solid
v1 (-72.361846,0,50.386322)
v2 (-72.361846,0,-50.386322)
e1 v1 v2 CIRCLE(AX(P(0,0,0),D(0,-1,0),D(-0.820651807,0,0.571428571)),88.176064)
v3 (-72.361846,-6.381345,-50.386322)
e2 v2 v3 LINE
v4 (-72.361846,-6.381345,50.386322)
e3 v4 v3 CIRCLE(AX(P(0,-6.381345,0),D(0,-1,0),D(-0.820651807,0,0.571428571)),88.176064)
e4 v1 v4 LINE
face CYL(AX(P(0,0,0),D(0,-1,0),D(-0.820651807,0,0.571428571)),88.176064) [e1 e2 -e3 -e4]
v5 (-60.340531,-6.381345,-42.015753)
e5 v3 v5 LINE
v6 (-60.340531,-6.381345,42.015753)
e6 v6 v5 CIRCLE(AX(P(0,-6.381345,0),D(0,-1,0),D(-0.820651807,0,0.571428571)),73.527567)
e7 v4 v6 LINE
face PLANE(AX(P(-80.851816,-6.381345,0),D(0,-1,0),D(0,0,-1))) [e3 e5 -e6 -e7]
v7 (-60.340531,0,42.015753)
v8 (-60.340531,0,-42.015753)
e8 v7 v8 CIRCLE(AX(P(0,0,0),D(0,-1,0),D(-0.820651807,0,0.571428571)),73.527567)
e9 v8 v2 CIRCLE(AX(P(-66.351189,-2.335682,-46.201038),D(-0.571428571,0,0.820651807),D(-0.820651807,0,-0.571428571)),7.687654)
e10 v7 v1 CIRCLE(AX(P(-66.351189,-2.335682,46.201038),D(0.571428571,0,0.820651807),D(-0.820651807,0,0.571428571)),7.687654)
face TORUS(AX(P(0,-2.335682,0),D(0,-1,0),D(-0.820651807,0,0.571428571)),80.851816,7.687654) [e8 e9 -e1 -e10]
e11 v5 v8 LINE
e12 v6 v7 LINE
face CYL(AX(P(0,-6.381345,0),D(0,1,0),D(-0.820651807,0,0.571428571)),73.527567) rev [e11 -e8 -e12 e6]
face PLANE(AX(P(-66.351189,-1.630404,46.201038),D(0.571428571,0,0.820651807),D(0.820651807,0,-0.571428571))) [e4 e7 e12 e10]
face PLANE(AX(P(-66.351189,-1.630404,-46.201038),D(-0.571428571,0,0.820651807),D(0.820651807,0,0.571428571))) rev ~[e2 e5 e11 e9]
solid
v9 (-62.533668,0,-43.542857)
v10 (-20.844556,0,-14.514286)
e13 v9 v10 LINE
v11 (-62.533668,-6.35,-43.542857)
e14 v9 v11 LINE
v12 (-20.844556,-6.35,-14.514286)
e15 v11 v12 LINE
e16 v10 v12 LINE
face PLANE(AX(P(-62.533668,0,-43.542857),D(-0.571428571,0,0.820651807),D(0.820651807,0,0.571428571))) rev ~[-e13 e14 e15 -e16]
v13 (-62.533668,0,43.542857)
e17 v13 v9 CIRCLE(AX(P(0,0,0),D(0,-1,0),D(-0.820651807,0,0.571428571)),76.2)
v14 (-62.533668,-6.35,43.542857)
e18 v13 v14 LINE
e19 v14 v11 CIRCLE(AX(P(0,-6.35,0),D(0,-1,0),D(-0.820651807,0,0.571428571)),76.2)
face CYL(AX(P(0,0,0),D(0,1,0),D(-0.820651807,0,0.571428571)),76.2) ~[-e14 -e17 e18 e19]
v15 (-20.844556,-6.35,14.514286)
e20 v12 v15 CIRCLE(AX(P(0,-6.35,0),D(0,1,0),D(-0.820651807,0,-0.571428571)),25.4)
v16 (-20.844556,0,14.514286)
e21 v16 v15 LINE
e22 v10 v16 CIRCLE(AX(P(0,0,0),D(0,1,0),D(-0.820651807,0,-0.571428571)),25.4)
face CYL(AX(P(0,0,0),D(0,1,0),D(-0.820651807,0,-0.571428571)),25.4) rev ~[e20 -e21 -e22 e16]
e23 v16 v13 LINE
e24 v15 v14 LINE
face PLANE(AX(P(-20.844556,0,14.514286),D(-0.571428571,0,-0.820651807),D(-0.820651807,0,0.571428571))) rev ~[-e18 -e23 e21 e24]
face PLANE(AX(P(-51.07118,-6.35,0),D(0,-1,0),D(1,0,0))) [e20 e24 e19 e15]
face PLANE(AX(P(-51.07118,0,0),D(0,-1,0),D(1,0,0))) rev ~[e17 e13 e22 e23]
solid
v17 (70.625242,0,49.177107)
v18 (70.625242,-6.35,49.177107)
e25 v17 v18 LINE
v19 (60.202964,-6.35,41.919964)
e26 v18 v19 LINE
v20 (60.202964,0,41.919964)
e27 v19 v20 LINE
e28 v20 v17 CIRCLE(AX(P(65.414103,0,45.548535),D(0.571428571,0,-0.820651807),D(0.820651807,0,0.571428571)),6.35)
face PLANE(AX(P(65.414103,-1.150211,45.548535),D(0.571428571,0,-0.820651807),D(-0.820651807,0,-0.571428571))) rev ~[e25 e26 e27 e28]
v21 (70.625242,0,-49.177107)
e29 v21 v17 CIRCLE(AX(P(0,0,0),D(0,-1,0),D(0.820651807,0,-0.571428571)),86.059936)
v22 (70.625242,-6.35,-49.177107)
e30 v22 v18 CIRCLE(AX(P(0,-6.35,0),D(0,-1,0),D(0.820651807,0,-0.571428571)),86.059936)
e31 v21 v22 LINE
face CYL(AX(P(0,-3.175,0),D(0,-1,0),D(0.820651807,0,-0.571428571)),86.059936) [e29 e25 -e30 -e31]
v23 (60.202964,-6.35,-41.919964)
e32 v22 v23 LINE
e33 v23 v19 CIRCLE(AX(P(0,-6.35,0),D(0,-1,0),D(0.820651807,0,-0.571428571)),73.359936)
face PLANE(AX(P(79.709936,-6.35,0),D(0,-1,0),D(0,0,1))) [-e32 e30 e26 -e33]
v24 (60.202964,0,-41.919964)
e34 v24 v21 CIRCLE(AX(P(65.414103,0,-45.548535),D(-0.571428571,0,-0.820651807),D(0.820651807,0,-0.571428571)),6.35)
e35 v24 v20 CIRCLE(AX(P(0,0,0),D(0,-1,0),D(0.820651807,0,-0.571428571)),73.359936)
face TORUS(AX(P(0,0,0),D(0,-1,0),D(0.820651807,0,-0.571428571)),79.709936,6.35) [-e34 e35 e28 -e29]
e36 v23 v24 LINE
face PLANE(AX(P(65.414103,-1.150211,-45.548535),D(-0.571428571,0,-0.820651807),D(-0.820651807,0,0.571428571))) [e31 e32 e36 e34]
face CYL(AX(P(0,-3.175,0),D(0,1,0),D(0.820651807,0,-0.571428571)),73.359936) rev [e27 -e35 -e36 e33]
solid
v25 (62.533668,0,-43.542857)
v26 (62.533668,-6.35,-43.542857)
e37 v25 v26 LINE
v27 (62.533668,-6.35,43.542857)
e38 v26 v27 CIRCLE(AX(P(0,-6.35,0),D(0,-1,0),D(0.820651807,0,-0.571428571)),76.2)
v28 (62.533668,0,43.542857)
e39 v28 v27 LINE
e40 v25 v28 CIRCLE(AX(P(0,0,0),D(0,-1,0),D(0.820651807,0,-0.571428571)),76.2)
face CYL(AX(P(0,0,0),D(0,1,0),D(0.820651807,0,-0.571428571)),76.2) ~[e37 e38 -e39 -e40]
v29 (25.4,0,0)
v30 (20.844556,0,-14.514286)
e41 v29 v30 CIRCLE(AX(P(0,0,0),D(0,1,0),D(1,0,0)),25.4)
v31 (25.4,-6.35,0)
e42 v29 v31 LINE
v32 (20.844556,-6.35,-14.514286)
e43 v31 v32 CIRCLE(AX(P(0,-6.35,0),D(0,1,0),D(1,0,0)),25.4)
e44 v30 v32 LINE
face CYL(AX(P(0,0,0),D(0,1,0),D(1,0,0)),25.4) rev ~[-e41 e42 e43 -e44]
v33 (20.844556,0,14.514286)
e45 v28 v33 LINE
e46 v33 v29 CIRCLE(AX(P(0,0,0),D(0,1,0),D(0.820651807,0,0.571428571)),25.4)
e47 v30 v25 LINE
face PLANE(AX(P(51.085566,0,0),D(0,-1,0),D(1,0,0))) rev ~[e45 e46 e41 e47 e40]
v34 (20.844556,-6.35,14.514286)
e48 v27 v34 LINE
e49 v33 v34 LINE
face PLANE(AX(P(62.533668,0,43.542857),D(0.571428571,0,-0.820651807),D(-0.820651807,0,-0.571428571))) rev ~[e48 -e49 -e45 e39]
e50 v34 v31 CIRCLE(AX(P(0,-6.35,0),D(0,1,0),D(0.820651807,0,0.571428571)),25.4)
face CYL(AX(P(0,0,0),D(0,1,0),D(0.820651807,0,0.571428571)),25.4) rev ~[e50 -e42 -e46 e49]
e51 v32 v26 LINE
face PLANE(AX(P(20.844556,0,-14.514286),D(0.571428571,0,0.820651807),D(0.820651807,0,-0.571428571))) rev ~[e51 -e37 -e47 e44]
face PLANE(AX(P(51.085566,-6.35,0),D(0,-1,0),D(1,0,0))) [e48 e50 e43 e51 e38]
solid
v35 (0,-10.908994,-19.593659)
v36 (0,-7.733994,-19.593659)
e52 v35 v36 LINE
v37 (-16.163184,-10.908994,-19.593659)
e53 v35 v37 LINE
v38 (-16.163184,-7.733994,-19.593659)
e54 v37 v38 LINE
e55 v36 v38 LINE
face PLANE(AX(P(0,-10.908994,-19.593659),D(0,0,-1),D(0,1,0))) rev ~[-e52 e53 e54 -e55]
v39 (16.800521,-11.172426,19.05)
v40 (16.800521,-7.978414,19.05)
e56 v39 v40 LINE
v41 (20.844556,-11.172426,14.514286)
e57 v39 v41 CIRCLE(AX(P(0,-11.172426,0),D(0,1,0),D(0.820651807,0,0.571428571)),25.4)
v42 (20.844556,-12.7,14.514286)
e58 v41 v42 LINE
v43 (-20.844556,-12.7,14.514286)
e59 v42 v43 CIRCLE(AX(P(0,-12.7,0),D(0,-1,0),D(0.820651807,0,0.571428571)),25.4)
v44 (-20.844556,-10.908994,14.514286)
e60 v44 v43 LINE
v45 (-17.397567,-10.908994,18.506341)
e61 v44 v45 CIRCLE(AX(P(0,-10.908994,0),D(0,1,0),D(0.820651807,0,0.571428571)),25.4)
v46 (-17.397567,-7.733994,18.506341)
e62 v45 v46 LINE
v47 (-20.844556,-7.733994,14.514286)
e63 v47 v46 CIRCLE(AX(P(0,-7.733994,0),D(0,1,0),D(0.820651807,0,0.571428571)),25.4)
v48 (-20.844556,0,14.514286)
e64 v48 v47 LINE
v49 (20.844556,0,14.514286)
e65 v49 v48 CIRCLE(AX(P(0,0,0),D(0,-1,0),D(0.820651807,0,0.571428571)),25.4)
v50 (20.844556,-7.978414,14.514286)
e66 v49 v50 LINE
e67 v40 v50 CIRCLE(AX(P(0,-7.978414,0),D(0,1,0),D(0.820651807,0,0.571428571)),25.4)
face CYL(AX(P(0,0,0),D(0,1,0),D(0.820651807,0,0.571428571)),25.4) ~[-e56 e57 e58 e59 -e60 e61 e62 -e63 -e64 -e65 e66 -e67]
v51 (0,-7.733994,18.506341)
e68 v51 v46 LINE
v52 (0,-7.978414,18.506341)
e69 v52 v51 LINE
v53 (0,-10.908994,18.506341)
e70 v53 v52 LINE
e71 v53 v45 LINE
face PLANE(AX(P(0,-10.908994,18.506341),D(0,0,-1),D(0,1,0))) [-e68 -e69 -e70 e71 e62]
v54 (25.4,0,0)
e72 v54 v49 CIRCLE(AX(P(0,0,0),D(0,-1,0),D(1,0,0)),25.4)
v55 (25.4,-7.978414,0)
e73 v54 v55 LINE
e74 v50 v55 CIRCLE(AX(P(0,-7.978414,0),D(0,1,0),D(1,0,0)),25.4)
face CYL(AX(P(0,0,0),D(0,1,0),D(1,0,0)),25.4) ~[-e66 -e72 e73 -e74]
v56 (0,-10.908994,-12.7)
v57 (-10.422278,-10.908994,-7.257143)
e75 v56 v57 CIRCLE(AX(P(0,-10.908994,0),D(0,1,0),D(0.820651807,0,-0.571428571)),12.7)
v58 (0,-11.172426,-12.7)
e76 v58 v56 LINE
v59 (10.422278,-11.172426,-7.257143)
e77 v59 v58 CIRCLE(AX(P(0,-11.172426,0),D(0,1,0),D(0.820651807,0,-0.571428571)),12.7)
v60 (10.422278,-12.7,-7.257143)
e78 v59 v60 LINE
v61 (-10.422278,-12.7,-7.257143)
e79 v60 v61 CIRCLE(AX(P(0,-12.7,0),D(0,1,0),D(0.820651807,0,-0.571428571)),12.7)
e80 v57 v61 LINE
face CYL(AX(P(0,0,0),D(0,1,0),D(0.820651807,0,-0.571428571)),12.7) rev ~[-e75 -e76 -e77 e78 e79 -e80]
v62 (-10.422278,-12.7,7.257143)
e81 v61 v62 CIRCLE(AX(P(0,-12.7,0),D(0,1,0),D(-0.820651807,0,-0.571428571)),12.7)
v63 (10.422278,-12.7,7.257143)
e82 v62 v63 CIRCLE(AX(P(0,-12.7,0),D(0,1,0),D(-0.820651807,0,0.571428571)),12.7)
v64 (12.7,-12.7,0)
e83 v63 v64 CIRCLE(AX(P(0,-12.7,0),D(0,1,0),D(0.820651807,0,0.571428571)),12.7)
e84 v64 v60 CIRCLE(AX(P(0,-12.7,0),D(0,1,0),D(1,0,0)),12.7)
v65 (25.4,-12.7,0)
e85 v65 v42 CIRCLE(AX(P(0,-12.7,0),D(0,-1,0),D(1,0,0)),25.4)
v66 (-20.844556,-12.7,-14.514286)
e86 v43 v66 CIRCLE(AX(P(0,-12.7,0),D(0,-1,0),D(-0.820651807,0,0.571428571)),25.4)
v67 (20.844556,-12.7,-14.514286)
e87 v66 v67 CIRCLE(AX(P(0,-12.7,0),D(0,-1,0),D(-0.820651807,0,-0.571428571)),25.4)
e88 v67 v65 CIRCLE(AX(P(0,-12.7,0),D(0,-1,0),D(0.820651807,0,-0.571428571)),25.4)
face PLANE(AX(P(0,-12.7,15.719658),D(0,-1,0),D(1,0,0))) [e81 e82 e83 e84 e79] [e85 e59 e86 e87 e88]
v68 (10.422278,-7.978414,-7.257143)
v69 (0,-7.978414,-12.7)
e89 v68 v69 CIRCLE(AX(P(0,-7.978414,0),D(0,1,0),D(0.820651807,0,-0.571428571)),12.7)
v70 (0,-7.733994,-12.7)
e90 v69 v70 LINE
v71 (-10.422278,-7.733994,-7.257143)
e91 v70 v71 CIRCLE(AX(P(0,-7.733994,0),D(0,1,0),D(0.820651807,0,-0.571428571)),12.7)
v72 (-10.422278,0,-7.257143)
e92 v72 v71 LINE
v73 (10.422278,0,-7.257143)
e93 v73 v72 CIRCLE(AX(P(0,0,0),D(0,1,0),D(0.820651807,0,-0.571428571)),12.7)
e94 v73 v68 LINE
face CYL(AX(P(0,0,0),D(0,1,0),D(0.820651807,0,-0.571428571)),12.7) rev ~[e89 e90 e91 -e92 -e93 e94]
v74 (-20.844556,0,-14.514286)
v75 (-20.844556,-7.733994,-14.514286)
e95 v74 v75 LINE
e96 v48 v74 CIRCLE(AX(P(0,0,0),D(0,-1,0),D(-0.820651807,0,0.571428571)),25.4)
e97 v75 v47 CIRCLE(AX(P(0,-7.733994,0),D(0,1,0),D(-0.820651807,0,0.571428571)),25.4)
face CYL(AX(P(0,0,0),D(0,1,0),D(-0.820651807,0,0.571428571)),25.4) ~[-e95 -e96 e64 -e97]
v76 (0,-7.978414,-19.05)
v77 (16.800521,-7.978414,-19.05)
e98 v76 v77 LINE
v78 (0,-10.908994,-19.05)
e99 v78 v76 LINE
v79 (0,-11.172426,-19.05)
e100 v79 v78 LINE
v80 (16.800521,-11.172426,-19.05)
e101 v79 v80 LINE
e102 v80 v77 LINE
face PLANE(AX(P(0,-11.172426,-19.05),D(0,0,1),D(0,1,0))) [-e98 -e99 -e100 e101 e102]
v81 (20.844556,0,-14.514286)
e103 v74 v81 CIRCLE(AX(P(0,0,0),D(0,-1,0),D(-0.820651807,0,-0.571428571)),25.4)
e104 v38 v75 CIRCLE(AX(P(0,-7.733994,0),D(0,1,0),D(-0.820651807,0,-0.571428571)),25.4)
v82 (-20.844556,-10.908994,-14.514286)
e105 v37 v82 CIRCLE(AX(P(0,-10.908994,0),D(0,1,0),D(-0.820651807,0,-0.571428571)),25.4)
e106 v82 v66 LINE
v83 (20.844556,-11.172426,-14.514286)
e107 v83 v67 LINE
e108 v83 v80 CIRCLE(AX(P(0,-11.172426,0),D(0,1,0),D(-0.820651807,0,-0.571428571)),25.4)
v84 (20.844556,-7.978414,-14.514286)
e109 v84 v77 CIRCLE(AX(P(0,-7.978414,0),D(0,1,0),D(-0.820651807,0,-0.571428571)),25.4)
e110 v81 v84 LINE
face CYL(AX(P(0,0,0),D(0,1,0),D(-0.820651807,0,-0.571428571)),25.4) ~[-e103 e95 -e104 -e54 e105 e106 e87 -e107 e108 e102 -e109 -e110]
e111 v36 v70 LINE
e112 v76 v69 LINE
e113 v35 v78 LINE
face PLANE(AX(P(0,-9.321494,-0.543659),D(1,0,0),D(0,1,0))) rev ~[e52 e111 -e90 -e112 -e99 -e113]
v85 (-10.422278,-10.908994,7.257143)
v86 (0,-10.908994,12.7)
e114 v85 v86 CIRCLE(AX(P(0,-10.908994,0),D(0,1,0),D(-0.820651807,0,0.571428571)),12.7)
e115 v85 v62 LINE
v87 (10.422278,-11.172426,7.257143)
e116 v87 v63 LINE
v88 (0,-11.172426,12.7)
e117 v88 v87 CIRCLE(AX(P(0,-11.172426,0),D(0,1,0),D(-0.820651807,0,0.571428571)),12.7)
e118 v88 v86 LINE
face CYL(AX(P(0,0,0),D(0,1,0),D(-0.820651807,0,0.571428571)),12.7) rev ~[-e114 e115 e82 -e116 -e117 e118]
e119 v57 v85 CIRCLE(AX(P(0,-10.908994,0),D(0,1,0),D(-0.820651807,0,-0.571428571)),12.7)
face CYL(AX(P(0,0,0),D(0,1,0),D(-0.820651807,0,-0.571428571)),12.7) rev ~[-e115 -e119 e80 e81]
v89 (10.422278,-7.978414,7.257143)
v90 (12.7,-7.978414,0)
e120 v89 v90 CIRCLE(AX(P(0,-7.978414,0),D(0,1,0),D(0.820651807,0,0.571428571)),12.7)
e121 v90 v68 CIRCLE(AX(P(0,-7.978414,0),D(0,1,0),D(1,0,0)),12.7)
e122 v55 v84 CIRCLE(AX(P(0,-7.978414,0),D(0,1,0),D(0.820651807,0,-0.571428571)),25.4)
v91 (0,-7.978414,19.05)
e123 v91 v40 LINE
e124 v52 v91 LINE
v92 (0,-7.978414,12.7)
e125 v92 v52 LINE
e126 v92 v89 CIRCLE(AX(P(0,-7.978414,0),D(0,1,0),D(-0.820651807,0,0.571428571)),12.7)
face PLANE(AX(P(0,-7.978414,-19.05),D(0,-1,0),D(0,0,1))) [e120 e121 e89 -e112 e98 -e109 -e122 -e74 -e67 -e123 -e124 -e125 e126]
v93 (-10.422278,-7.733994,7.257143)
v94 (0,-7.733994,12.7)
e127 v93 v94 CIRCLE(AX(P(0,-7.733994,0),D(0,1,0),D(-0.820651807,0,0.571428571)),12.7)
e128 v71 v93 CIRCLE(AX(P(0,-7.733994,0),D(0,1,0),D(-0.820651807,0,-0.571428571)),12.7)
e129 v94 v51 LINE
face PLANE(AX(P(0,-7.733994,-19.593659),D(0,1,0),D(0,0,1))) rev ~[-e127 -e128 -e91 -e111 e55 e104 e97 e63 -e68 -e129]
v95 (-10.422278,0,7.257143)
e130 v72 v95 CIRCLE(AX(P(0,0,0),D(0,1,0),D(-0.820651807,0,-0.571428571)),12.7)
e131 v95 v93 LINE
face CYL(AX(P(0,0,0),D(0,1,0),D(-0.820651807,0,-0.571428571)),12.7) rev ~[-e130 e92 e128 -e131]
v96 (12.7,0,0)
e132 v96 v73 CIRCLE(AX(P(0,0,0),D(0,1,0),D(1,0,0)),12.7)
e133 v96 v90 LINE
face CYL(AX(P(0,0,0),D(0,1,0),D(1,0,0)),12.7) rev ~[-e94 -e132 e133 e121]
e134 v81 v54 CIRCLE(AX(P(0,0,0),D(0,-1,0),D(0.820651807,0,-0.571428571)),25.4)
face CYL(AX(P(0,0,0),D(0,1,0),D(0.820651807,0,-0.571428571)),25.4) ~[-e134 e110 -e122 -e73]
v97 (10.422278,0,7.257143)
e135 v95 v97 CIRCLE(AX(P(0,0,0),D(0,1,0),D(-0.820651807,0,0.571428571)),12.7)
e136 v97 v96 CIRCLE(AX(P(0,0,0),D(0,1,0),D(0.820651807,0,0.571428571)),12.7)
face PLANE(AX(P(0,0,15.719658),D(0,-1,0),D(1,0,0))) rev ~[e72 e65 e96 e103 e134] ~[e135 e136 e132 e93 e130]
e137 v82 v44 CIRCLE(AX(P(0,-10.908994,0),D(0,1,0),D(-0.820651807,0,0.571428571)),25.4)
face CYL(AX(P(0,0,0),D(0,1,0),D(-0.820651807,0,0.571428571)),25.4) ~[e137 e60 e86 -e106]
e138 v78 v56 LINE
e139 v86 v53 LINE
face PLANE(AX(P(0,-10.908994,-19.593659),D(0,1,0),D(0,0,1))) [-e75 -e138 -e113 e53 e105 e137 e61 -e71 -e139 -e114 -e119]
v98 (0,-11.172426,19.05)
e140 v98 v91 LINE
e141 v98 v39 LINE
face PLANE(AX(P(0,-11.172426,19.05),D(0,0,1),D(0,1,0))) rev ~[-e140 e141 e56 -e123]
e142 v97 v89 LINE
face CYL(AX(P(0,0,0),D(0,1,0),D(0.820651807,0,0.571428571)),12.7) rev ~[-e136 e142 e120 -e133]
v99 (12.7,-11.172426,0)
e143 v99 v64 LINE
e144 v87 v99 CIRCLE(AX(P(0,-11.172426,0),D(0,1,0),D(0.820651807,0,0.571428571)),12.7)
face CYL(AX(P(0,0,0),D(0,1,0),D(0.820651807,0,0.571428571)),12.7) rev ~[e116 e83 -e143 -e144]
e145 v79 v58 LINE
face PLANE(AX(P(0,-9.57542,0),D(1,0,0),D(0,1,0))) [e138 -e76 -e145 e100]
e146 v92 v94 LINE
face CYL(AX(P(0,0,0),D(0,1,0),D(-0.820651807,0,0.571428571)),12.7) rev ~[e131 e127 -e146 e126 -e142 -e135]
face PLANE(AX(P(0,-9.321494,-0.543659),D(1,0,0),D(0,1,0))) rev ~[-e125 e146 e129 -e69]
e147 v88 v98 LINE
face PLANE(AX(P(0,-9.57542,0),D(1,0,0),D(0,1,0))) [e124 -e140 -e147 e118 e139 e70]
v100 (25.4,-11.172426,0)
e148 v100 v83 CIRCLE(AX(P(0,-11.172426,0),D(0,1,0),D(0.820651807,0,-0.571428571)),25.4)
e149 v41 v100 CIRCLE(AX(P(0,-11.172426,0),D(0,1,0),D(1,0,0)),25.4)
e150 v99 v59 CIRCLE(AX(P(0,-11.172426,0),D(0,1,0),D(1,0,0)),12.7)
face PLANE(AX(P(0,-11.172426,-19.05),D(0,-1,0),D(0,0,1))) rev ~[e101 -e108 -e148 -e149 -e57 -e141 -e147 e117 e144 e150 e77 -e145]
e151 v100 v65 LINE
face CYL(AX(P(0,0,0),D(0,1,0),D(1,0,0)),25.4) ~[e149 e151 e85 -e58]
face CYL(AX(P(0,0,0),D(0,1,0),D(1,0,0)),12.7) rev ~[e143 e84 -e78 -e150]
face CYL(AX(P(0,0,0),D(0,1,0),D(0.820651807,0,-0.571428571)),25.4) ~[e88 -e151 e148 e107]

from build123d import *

# Parameters (mm, degrees)
F1_DEPTH  = 6.35
F2_DEPTH  = 12.7
F7_W      = 12.7
F7_H      = 6.35
F9_W      = 3.1940120037
F9_H      = 38.1
F10_DEPTH = 38.1
F11_W     = 3.175
F11_H     = 38.1
F12_DEPTH = 38.1


with BuildPart() as f1:
    # F0 (on Front) → F1 (new body)
    with BuildSketch(Plane.XZ):
        with BuildLine():
            ThreePointArc((-20.8445558889, -14.5142857143), (-25.4, 0), (-20.8445558889, 14.5142857143))
            Line((-20.8445558889, 14.5142857143), (-62.5336676666, 43.5428571429))
            ThreePointArc((-62.5336676666, 43.5428571429), (-76.2, 0), (-62.5336676666, -43.5428571429))
            Line((-62.5336676666, -43.5428571429), (-20.8445558889, -14.5142857143))
        make_face()
    extrude(amount=F1_DEPTH)


with BuildPart() as f1b:
    # F0 (on Front) → F1, piece 2 (new body)
    with BuildSketch(Plane.XZ):
        with BuildLine():
            ThreePointArc((20.8445558889, 14.5142857143), (24.2343941494, 7.6061909134), (25.4, 0))
            ThreePointArc((25.4, 0), (24.2343941494, -7.6061909134), (20.8445558889, -14.5142857143))
            Line((20.8445558889, -14.5142857143), (62.5336676666, -43.5428571429))
            ThreePointArc((62.5336676666, -43.5428571429), (76.2, 0), (62.5336676666, 43.5428571429))
            Line((62.5336676666, 43.5428571429), (20.8445558889, 14.5142857143))
        make_face()
    extrude(amount=F1_DEPTH)


with BuildPart() as f2:
    # F0 (on Front) → F2 (new body)
    with BuildSketch(Plane.XZ):
        with BuildLine():
            Line((10.4222779444, 7.2571428571), (20.8445558889, 14.5142857143))
            ThreePointArc((20.8445558889, 14.5142857143), (0, 25.4), (-20.8445558889, 14.5142857143))
            Line((-20.8445558889, 14.5142857143), (-10.4222779444, 7.2571428571))
            ThreePointArc((-10.4222779444, 7.2571428571), (0, 12.7), (10.4222779444, 7.2571428571))
        make_face()
        with BuildLine():
            Line((-10.4222779444, 7.2571428571), (-20.8445558889, 14.5142857143))
            ThreePointArc((-20.8445558889, 14.5142857143), (-25.4, 0), (-20.8445558889, -14.5142857143))
            Line((-20.8445558889, -14.5142857143), (-10.4222779444, -7.2571428571))
            ThreePointArc((-10.4222779444, -7.2571428571), (-12.7, 0), (-10.4222779444, 7.2571428571))
        make_face()
        with BuildLine():
            ThreePointArc((-20.8445558889, -14.5142857143), (0, -25.4), (20.8445558889, -14.5142857143))
            Line((20.8445558889, -14.5142857143), (10.4222779444, -7.2571428571))
            ThreePointArc((10.4222779444, -7.2571428571), (0, -12.7), (-10.4222779444, -7.2571428571))
            Line((-10.4222779444, -7.2571428571), (-20.8445558889, -14.5142857143))
        make_face()
        with BuildLine():
            ThreePointArc((20.8445558889, -14.5142857143), (24.2343941494, -7.6061909134), (25.4, 0))
            ThreePointArc((25.4, 0), (24.2343941494, 7.6061909134), (20.8445558889, 14.5142857143))
            Line((20.8445558889, 14.5142857143), (10.4222779444, 7.2571428571))
            ThreePointArc((10.4222779444, 7.2571428571), (12.1171970747, 3.8030954567), (12.7, 0))
            ThreePointArc((12.7, 0), (12.1171970747, -3.8030954567), (10.4222779444, -7.2571428571))
            Line((10.4222779444, -7.2571428571), (20.8445558889, -14.5142857143))
        make_face()
    extrude(amount=F2_DEPTH)

    # F9 (on Right) → F10 (cut)
    with BuildSketch(Plane.YZ):
        with Locations((-9.5754200593, 0)):
            Rectangle(F9_W, F9_H)
    extrude(amount=F10_DEPTH, mode=Mode.SUBTRACT)

    # F11 (on Right) → F12 (cut)
    with BuildSketch(Plane.YZ):
        with Locations((-9.3214936979, -0.5436593175)):
            Rectangle(F11_W, F11_H)
    extrude(amount=-F12_DEPTH, mode=Mode.SUBTRACT)


with BuildPart() as f5:
    # F5: sweep along a path in F0
    with BuildLine(Plane.XZ) as f5_path:
        ThreePointArc((-62.5336676666, 43.5428571429), (-76.2, 0), (-62.5336676666, -43.5428571429))
    # F4 (on 3pt) → F5 (sweep)
    with BuildSketch(Plane(origin=(0, 0, 0), x_dir=(0.8206518066, 0, -0.5714285714), z_dir=(0.5714285714, 0, 0.8206518066))):
        with BuildLine():
            Line((-88.1760641932, -6.3813449815), (-73.5275670886, -6.3813449815))
            Line((-73.5275670886, -6.3813449815), (-73.5275670886, 0))
            ThreePointArc((-73.5275670886, 0), (-80.8518156409, 5.351971968), (-88.1760641932, 0))
            Line((-88.1760641932, 0), (-88.1760641932, -6.3813449815))
        make_face()
    sweep(path=f5_path.line)


with BuildPart() as f8:
    # F8: sweep along a path in F8_path
    with BuildLine(Plane(origin=(62.5336676666, -6.35, -43.5428571429), x_dir=(0, 0, -1), z_dir=(0, 1, 0))) as f8_path:
        ThreePointArc((0, 0), (-43.5428571429, -13.6663323334), (-87.0857142857, 0))
    # F7 (on 3pt) → F8 (sweep)
    with BuildSketch(Plane(origin=(0, 0, 0), x_dir=(0.8206518066, 0, 0.5714285714), z_dir=(0.5714285714, 0, -0.8206518066))):
        with Locations((79.7099364758, 3.175)):
            Rectangle(F7_W, F7_H)
        with BuildLine():
            ThreePointArc((73.3599364758, 0), (79.7099364758, -6.35), (86.0599364758, 0))
            Line((86.0599364758, 0), (73.3599364758, 0))
        make_face()
    sweep(path=f8_path.line)


solid = Compound([f1.part, f1b.part, f2.part, f5.part, f8.part])
